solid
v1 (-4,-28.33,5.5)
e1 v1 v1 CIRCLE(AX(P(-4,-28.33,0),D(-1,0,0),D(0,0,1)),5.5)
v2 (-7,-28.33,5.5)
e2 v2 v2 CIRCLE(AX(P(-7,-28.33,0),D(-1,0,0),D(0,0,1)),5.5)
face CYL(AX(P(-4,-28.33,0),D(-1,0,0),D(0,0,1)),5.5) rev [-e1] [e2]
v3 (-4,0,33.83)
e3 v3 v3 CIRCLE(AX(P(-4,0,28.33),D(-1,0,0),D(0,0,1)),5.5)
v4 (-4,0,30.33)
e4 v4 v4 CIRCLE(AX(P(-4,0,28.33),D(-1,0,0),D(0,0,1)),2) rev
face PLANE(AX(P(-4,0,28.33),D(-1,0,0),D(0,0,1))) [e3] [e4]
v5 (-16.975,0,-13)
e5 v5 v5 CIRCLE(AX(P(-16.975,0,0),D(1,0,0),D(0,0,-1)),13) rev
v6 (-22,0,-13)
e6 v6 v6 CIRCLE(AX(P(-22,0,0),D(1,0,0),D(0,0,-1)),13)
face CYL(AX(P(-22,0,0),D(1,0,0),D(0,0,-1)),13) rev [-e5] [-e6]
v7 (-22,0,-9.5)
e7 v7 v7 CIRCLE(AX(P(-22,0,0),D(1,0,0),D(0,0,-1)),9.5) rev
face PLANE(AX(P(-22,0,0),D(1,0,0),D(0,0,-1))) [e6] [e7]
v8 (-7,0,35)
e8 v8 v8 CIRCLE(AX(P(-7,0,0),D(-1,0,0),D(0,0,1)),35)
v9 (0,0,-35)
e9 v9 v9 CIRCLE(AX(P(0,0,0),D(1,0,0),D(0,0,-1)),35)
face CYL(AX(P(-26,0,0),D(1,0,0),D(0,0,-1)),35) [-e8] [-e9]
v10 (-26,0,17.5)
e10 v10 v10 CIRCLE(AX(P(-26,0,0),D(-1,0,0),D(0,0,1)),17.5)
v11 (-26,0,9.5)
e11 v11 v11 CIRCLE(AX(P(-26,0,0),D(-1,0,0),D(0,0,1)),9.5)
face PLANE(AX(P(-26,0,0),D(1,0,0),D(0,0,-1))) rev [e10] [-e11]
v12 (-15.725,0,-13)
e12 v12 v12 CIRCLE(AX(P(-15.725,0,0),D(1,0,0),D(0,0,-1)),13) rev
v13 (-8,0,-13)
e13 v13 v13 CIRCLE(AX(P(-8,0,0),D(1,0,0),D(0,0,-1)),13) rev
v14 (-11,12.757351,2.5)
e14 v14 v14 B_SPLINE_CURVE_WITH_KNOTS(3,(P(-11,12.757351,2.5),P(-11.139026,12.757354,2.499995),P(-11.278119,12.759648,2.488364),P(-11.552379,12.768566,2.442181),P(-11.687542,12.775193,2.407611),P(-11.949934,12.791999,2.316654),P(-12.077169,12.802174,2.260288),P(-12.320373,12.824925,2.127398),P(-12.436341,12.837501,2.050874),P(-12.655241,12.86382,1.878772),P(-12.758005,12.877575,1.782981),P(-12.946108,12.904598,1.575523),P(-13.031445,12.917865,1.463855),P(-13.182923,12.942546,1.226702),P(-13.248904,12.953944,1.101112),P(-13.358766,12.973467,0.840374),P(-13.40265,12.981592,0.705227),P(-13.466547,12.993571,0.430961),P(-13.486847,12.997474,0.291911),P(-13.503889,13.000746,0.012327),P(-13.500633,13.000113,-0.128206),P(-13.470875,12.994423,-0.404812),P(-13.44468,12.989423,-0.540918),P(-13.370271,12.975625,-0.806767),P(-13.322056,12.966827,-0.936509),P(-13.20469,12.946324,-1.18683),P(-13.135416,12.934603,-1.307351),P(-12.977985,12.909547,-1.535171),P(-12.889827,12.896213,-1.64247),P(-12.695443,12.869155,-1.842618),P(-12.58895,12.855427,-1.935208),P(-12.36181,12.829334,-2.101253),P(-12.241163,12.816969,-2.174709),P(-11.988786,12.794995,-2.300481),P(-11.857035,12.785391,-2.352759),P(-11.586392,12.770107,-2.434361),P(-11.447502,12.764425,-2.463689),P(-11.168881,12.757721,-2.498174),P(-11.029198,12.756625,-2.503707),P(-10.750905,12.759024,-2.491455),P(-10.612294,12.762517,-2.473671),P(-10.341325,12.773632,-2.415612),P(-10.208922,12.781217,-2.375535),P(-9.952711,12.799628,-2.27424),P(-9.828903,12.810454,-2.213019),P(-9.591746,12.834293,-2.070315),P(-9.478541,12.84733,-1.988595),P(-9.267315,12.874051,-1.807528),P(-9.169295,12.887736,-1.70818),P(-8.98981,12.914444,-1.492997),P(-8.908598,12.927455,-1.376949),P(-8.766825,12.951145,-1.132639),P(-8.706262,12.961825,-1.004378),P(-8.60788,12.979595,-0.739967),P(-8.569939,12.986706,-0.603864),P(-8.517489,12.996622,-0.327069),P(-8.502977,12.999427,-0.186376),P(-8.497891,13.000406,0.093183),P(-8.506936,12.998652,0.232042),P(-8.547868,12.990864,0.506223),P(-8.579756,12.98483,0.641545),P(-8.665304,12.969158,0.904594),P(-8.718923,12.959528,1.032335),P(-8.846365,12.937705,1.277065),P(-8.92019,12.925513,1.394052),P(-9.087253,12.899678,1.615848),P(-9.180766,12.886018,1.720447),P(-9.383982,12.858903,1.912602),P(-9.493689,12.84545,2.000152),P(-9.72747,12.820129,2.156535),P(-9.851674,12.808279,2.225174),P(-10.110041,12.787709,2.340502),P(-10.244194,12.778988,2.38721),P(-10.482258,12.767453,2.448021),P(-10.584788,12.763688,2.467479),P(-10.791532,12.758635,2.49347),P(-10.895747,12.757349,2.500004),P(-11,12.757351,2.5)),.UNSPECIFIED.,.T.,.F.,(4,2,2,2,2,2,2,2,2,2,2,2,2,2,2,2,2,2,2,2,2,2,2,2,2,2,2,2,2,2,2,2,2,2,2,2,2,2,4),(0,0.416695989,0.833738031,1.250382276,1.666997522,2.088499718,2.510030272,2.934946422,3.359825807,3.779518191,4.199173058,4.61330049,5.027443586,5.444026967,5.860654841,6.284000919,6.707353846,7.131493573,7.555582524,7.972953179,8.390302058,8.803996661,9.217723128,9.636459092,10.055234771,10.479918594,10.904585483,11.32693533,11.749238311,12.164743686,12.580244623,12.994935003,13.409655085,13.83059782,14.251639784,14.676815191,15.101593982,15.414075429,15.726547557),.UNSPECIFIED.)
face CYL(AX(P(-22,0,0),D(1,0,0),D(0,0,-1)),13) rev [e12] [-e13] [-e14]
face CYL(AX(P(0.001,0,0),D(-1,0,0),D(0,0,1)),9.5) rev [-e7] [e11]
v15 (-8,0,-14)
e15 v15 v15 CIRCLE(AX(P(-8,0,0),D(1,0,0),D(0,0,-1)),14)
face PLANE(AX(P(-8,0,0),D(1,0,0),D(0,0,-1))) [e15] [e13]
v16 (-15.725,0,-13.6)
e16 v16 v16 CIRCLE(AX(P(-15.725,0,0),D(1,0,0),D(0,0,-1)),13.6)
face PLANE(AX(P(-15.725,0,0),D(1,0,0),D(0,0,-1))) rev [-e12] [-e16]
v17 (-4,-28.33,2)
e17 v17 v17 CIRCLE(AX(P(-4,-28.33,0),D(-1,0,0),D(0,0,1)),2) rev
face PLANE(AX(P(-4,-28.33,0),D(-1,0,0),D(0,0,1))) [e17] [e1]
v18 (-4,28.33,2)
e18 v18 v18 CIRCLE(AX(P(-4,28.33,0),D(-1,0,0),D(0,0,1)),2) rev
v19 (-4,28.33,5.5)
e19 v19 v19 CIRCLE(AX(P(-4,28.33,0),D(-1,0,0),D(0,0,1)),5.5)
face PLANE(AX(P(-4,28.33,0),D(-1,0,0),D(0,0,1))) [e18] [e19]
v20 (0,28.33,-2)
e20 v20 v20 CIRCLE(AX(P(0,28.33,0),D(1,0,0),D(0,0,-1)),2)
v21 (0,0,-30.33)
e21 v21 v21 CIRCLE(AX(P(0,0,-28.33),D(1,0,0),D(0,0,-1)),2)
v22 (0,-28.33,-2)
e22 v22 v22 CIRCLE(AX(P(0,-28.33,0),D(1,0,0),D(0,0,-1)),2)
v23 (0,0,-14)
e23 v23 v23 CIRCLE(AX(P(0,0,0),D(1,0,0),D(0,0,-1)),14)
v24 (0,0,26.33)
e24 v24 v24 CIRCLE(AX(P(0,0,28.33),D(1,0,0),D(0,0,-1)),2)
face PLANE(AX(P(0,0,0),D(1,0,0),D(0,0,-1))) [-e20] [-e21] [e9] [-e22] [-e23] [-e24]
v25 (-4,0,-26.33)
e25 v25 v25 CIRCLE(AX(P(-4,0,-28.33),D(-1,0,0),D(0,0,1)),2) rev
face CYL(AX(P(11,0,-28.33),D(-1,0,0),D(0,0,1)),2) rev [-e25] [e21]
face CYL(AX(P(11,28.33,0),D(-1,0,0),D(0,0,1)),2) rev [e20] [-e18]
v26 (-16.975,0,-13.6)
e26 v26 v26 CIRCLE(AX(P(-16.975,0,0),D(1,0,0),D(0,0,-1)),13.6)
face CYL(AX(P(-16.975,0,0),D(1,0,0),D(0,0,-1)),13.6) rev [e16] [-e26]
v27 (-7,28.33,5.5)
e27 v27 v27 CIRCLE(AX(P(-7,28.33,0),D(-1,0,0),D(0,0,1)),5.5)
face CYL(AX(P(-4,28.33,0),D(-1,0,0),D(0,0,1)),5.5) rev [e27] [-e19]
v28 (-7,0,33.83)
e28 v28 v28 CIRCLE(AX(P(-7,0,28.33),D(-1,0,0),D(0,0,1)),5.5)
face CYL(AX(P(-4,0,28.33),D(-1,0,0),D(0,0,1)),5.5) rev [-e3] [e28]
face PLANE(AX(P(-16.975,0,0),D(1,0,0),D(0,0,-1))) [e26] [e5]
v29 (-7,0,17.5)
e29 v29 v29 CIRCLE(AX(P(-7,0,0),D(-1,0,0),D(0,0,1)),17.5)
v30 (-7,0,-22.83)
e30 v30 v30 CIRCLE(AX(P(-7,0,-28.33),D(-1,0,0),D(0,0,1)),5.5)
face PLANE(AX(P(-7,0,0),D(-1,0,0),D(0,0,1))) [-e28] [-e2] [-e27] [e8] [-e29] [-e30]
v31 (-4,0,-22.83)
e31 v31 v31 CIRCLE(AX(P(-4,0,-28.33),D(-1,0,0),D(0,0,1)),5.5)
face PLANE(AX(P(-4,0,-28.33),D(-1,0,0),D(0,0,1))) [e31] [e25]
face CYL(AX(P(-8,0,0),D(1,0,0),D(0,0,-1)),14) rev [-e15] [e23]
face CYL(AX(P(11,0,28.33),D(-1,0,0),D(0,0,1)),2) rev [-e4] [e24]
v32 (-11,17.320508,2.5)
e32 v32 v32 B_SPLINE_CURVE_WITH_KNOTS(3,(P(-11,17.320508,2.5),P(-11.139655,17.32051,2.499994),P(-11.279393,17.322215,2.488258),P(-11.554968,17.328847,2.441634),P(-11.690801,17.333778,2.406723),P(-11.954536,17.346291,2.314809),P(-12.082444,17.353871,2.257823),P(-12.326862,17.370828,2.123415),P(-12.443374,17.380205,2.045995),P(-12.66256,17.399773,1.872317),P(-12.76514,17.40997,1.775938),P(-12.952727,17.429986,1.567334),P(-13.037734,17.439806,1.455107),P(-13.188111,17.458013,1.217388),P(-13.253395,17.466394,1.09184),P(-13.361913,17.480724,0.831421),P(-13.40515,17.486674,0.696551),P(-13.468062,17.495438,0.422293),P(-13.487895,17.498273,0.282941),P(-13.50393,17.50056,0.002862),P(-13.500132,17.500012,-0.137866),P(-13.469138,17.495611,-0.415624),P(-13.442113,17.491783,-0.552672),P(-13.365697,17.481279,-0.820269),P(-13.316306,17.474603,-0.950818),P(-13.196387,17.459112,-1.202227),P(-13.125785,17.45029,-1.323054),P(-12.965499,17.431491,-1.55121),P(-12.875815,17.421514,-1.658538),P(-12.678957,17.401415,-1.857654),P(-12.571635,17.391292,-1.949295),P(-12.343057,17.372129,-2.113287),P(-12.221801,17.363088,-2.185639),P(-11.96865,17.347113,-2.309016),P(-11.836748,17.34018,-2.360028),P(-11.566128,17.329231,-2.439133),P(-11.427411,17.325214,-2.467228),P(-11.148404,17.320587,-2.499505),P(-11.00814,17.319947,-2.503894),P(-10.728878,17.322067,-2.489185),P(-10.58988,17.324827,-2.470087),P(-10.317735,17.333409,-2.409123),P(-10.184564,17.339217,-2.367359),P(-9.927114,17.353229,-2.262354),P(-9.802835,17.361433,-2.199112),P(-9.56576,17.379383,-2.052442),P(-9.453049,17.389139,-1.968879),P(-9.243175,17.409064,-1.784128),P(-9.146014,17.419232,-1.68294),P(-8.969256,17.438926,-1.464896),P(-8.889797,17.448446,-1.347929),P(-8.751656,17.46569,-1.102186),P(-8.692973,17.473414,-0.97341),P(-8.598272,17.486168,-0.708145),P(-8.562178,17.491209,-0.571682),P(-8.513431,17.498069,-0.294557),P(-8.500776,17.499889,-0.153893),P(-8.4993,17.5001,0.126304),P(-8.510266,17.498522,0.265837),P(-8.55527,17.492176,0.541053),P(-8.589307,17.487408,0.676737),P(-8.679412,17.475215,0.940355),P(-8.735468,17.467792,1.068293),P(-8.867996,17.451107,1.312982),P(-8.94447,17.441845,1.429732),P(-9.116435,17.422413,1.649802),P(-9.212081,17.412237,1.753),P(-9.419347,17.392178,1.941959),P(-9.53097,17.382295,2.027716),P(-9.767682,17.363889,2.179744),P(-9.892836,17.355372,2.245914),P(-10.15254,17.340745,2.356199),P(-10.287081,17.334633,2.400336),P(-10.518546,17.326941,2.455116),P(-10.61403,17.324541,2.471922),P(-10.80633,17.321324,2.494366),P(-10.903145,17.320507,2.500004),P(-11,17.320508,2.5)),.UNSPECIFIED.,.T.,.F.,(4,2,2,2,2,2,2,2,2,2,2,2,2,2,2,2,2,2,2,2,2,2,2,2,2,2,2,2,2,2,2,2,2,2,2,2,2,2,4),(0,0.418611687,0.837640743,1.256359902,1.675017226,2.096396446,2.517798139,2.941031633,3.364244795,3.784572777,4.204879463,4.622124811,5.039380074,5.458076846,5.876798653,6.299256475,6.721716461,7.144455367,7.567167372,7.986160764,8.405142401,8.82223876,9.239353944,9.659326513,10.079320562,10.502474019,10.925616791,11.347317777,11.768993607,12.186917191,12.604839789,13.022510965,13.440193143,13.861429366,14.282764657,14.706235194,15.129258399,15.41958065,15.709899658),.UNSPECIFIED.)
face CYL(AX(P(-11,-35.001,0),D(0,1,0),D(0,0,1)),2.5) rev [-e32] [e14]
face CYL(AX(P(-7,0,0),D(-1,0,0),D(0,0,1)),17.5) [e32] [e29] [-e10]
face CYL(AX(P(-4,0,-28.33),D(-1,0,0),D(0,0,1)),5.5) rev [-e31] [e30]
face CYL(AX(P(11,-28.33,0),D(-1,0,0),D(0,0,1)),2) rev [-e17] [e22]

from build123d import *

# Parameters (mm, degrees)
SKETCH1_R           = 35
BOSS_EXTRUDE1_DEPTH = 26
SKETCH2_R           = 35
SKETCH2_R_2         = 17.5
CUT_EXTRUDE1_DEPTH  = 19
SKETCH3_R           = 2
CUT_EXTRUDE2_DEPTH  = 18
SKETCH4_R           = 5.5
CUT_EXTRUDE4_DEPTH  = 3
CUT_EXTRUDE5_REACH  = 28
SKETCH5_R           = 9.5
SKETCH6_R           = 13
CUT_EXTRUDE6_DEPTH  = 22
CUT_EXTRUDE7_REACH  = 54.5
SKETCH7_R           = 2.5
SKETCH8_R           = 14
CUT_EXTRUDE8_DEPTH  = 8
SKETCH9_R           = 13.6
CUT_EXTRUDE9_DEPTH  = 0.625


with BuildPart() as part:
    # Sketch1 → Boss-Extrude1 (new body)
    with BuildSketch(Plane(origin=(0, 0, 0), x_dir=(0, 0, -1), z_dir=(1, 0, 0))):
        Circle(SKETCH1_R)
    extrude(amount=-BOSS_EXTRUDE1_DEPTH)

    # Sketch2 → Cut-Extrude1 (cut)
    with BuildSketch(Plane.ZY.offset(26)):
        Circle(SKETCH2_R)
        Circle(SKETCH2_R_2, mode=Mode.SUBTRACT)
    extrude(amount=-CUT_EXTRUDE1_DEPTH, mode=Mode.SUBTRACT)

    # Sketch3 → Cut-Extrude2 (cut)
    with BuildSketch(Plane.ZY.offset(7)):
        with Locations((0, 28.33)):
            Circle(SKETCH3_R)
        with Locations((28.33, 0)):
            Circle(SKETCH3_R)
        with Locations((0, -28.33)):
            Circle(SKETCH3_R)
        with Locations((-28.33, 0)):
            Circle(SKETCH3_R)
    extrude(amount=-CUT_EXTRUDE2_DEPTH, mode=Mode.SUBTRACT)

    # Sketch4 → Cut-Extrude4 (cut)
    with BuildSketch(Plane.ZY.offset(7)):
        with Locations((0, 28.33)):
            Circle(SKETCH4_R)
        with Locations((28.33, 0)):
            Circle(SKETCH4_R)
        with Locations((0, -28.33)):
            Circle(SKETCH4_R)
        with Locations((-28.33, 0)):
            Circle(SKETCH4_R)
    extrude(amount=-CUT_EXTRUDE4_DEPTH, mode=Mode.SUBTRACT)

    # Sketch5 → Cut-Extrude5 (cut, up to next)
    with BuildSketch(Plane.ZY.offset(26), mode=Mode.PRIVATE) as cut_extrude5_sk1:
        Circle(SKETCH5_R)
    cut_extrude5_tool1 = extrude(cut_extrude5_sk1.sketch, amount=-CUT_EXTRUDE5_REACH, mode=Mode.PRIVATE) & part.part
    add(cut_extrude5_tool1.solids().sort_by_distance((-26, 0, 0))[0], mode=Mode.SUBTRACT)

    # Sketch6 → Cut-Extrude6 (cut)
    with BuildSketch(Plane(origin=(0, 0, 0), x_dir=(0, 0, -1), z_dir=(1, 0, 0))):
        Circle(SKETCH6_R)
    extrude(amount=-CUT_EXTRUDE6_DEPTH, mode=Mode.SUBTRACT)

    # Sketch7 → Cut-Extrude7 (cut, up to next)
    with BuildSketch(Plane(origin=(0, 17.5, 0), x_dir=(1, 0, 0), z_dir=(0, 1, 0)), mode=Mode.PRIVATE) as cut_extrude7_sk1:
        with Locations((-11, 0)):
            Circle(SKETCH7_R)
    cut_extrude7_tool1 = extrude(cut_extrude7_sk1.sketch, amount=-CUT_EXTRUDE7_REACH, mode=Mode.PRIVATE) & part.part
    add(cut_extrude7_tool1.solids().sort_by_distance((-11, 17.5, 0))[0], mode=Mode.SUBTRACT)

    # Sketch8 → Cut-Extrude8 (cut)
    with BuildSketch(Plane(origin=(0, 0, 0), x_dir=(0, 0, -1), z_dir=(1, 0, 0))):
        Circle(SKETCH8_R)
    extrude(amount=-CUT_EXTRUDE8_DEPTH, mode=Mode.SUBTRACT)

    # Sketch9 → Cut-Extrude9 (cut, symmetric)
    with BuildSketch(Plane(origin=(-16.35, 0, 0), x_dir=(0, 0, -1), z_dir=(1, 0, 0))):
        Circle(SKETCH9_R)
    extrude(amount=CUT_EXTRUDE9_DEPTH, both=True, mode=Mode.SUBTRACT)


solid = part.part
